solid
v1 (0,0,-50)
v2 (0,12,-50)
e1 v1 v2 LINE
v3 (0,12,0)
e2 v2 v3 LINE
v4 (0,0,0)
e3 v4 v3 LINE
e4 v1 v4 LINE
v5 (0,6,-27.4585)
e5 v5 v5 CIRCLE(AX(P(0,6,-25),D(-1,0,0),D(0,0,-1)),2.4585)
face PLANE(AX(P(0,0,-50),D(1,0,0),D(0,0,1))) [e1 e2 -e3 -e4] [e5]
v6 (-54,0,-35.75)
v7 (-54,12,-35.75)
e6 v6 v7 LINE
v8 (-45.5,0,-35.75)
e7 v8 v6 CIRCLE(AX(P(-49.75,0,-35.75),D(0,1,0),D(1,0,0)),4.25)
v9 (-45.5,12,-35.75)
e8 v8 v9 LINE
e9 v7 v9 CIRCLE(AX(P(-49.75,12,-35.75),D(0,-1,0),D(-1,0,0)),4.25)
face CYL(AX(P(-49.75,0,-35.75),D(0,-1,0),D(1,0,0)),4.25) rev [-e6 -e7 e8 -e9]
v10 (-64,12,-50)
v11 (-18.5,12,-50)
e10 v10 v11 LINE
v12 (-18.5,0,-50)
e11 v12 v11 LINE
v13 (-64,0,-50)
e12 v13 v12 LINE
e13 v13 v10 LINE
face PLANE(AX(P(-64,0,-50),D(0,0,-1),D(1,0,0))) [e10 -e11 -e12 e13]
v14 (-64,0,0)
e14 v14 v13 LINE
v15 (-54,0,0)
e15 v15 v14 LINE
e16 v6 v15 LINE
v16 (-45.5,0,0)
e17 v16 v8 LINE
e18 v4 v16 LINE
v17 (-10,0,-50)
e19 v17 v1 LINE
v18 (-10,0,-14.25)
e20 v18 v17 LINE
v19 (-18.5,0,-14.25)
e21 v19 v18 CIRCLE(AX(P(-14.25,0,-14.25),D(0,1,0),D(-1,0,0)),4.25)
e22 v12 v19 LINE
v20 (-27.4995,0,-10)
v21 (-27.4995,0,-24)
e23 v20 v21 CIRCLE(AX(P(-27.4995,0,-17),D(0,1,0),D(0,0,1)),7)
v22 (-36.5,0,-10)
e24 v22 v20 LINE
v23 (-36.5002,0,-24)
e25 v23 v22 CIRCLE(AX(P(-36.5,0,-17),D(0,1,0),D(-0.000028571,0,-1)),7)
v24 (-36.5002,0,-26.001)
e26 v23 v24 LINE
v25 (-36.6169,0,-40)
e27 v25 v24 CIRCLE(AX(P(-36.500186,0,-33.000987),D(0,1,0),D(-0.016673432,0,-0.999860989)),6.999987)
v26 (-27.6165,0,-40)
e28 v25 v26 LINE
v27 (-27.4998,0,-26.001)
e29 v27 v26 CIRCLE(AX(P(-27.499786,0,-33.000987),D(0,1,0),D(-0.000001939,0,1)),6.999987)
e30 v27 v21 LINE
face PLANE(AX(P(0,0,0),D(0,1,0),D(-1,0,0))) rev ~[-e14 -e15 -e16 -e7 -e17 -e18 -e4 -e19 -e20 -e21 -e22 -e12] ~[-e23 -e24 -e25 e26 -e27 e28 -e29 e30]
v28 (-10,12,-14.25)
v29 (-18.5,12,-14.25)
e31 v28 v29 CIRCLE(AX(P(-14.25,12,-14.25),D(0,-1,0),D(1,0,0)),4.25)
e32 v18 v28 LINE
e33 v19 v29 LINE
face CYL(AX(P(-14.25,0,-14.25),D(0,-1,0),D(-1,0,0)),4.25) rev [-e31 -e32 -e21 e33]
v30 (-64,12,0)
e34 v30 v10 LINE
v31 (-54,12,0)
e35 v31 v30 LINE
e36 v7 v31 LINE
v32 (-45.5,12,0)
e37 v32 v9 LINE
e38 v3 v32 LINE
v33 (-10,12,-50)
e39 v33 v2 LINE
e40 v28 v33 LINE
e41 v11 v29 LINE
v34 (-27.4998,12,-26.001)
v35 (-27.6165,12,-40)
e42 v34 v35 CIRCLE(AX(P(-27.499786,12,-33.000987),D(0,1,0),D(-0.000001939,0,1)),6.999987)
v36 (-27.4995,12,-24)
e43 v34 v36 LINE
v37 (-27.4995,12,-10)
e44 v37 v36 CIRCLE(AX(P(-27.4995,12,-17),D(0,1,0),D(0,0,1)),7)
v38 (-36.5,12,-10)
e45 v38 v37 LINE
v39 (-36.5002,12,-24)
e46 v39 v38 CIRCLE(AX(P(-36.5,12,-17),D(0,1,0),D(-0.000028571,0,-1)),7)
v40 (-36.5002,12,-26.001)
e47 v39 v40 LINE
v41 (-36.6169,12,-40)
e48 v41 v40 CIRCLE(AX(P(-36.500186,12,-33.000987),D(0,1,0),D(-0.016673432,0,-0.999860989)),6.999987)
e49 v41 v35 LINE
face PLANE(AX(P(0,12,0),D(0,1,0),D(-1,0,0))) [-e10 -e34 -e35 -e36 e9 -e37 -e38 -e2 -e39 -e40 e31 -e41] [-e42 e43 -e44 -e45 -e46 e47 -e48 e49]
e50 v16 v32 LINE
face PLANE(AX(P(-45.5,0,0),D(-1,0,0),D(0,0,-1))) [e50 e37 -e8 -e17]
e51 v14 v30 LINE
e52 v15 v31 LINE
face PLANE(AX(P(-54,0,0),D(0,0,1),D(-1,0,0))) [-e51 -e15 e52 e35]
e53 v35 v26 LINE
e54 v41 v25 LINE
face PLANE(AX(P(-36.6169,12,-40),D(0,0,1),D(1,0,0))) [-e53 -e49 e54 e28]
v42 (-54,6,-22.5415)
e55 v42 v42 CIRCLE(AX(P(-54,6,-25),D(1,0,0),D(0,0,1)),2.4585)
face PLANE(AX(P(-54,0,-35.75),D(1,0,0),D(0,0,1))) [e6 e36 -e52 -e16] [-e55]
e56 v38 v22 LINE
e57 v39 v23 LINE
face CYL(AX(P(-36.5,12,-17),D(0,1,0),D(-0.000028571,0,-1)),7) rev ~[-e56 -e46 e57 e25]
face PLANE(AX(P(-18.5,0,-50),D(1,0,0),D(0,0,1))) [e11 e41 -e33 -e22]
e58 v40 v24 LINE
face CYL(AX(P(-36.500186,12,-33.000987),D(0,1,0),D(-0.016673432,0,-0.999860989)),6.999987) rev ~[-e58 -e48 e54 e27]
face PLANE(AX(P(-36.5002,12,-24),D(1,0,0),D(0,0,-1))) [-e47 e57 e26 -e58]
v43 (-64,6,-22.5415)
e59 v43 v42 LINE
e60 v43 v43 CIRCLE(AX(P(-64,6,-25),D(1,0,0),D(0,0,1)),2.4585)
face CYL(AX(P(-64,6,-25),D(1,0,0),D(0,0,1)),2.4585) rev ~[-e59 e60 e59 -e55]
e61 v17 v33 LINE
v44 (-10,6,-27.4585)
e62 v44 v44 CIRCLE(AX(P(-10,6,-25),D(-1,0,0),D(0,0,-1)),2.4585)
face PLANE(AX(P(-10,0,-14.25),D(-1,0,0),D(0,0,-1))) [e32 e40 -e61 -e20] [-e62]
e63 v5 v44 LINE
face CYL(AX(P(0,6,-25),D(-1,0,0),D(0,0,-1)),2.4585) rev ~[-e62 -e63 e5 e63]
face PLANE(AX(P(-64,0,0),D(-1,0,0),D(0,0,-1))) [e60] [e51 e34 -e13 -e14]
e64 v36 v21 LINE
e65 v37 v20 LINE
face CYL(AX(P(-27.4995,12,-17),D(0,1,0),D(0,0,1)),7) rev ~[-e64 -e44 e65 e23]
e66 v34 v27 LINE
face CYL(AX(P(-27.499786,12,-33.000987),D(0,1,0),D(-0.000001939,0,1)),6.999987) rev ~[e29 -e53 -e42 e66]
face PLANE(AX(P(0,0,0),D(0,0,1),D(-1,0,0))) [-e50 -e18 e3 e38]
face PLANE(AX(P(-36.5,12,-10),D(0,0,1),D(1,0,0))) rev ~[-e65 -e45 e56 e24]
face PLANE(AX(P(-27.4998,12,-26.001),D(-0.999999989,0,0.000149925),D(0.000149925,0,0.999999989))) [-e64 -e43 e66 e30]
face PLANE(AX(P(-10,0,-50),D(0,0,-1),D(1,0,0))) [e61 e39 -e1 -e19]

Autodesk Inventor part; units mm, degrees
ref_plane "YZ Plane" through (0, 0, 0) normal (1, 0, 0) x (0, 1, 0)
ref_plane "XZ Plane" through (0, 0, 0) normal (0, 1, 0) x (-1, 0, 0)
ref_plane "XY Plane" through (0, 0, 0) normal (0, 0, 1) x (1, 0, 0)
sketch "Esboço1" plane through (0, 0, 0) normal (0, 1, 0) x (-1, 0, 0)
  line L0 (0, 0) -> (45.5, 0)
  line L1 (45.5, 0) -> (45.5, -35.75)
  line L2 (49.75, -40) -> (49.75, -40)
  line L3 (54, -35.75) -> (54, 0)
  line L4 (54, 0) -> (64, 0)
  line L5 (64, 0) -> (64, -50)
  line L6 (64, -50) -> (18.5, -50)
  line L7 (18.5, -50) -> (18.5, -14.25)
  line L8 (14.25, -10) -> (14.25, -10)
  line L9 (10, -14.25) -> (10, -50)
  line L10 (10, -50) -> (0, -50)
  line L11 (0, -50) -> (0, 0)
  arc A0 (18.5, -14.25) -> (14.25, -10) centre (14.25, -14.25) ccw
  arc A1 (14.25, -10) -> (10, -14.25) centre (14.25, -14.25) ccw
  arc A2 (45.5, -35.75) -> (49.75, -40) centre (49.75, -35.75) ccw
  arc A3 (49.75, -40) -> (54, -35.75) centre (49.75, -35.75) ccw
  point P0 (45.5, -40)
  point P1 (54, -40)
  point P2 (10, -10)
  dimension "d0" = 64
  dimension "d1" = 10
  dimension "d2" = 40
  dimension "d3" = 50
  dimension "d4" = 8.5
  dimension "d5" = 4.25
extrude "Extrusão1" add sketch "Esboço1" along normal blind 12
sketch "Esboço2" plane through (0, 0, 0) normal (1, 0, 0) x (0, 0, -1)
  line L0 (0, 12) -> (50, 12) projected
  line L1 (50, 0) -> (50, 12) projected
  point P0 (0, 0)
  point P1 (25, 6)
  dimension "d8" = 50
  dimension "d9" = 12
  dimension "d10" = 6
  dimension "d11" = 25
hole "Furo1" at (0, 6, -25) direction (-1, 0, 0) diameter 4.917 depth 10 thread size "M6x1" class "6H" standard "ISO Metric profile"
sketch "Esboço3" plane through (-64, 0, -50) normal (-1, 0, 0) x (0, 0, 1)
  line L0 (0, 0) -> (50, 0) projected
  line L1 (0, 0) -> (0, 12) projected
  circle A0 centre (25, 6) radius 2.4585 projected
  dimension "d19" = 50
  dimension "d20" = 12
hole "Furo2" at (-64, 6, -25) direction (1, 0, 0) diameter 4.917 depth 10 thread size "M6x1" class "6H" standard "ISO Metric profile"
sketch "Sketch4" plane through (0, 12, 0) normal (0, 1, 0) x (1, 0, 0)
  line L0 (-36.5, 10) -> (-27.4995, 10)
  arc A0 (-27.4995, 10) -> (-27.4995, 24) centre (-27.4995, 17) ccw
  arc A1 (-36.5002, 24) -> (-36.5, 10) centre (-36.5, 17) ccw
  line L1 (-36.5, 24) -> (-27.4995, 24)
  line L2 (-13.5, 10) -> (-19.5, 10) projected
  line L3 (-36.5002, 26.001) -> (-27.4998, 26.001)
  arc A2 (-27.4998, 26.001) -> (-27.6165, 40) centre (-27.4998, 33.001) ccw
  arc A3 (-36.6169, 40) -> (-36.5002, 26.001) centre (-36.5002, 33.001) ccw
  line L4 (-36.6169, 40) -> (-27.6165, 40)
  line L5 (-45.5, 35.75) -> (-45.5, 0) projected
  line L6 (-50.5, 40) -> (-44.5, 40) projected
  line L7 (-18.5, 14.25) -> (-18.5, 50) projected
  line L8 (-36.5002, 26.001) -> (-27.4995, 26.001)
  line L9 (-27.4995, 26.001) -> (-27.4995, 24)
  line L10 (-27.4995, 24) -> (-36.5002, 24)
  line L11 (-36.5002, 24) -> (-36.5002, 26.001)
  point P0 (0, 0)
  point P1 (-31.9998, 10)
  point P2 (-20.5, 33.0593)
  point P3 (-43.5, 32.9426)
  point P4 (-32, 26.001)
  point P5 (-43.5, 16.9999)
  dimension "d28" = 0
  dimension "d29" = 0
  dimension "d30" = 23
  dimension "d31" = 13.5
  dimension "d32" = 27
  dimension "d33" = 0
  dimension "d34" = 7
  dimension "d35" = 0
extrude "Extrusion2" cut sketch "Sketch4" against normal through all
equation "\"d10\" = 0.5 * d9"
equation "\"d11\" = 0.5 * d8"
equation "\"d17\" = Espessura"
equation "\"d31\" = 0.5 * d32"
equation "\"Raio_vergadura\" = Espessura"
equation "\"Largura_alívio_de_vergadura\" = Espessura"
equation "\"Profundidade_alívio_de_vergadura\" = 0.5 * Espessura"
equation "\"Tamanho_alívio_de_dobra\" = 4 * Espessura"
equation "\"Remanescente_mínimo\" = 2 * Espessura"
equation "\"Raiodetransição\" = Raio_vergadura"
equation "\"Tamanho_de_raio_de_Jacobi\" = Raio_vergadura"
equation "\"TamanhoFolga\" = Espessura"
equation "\"Espessura\" = 0.5"
properties part number "Célula de carga" material "Alumínio 6061"
